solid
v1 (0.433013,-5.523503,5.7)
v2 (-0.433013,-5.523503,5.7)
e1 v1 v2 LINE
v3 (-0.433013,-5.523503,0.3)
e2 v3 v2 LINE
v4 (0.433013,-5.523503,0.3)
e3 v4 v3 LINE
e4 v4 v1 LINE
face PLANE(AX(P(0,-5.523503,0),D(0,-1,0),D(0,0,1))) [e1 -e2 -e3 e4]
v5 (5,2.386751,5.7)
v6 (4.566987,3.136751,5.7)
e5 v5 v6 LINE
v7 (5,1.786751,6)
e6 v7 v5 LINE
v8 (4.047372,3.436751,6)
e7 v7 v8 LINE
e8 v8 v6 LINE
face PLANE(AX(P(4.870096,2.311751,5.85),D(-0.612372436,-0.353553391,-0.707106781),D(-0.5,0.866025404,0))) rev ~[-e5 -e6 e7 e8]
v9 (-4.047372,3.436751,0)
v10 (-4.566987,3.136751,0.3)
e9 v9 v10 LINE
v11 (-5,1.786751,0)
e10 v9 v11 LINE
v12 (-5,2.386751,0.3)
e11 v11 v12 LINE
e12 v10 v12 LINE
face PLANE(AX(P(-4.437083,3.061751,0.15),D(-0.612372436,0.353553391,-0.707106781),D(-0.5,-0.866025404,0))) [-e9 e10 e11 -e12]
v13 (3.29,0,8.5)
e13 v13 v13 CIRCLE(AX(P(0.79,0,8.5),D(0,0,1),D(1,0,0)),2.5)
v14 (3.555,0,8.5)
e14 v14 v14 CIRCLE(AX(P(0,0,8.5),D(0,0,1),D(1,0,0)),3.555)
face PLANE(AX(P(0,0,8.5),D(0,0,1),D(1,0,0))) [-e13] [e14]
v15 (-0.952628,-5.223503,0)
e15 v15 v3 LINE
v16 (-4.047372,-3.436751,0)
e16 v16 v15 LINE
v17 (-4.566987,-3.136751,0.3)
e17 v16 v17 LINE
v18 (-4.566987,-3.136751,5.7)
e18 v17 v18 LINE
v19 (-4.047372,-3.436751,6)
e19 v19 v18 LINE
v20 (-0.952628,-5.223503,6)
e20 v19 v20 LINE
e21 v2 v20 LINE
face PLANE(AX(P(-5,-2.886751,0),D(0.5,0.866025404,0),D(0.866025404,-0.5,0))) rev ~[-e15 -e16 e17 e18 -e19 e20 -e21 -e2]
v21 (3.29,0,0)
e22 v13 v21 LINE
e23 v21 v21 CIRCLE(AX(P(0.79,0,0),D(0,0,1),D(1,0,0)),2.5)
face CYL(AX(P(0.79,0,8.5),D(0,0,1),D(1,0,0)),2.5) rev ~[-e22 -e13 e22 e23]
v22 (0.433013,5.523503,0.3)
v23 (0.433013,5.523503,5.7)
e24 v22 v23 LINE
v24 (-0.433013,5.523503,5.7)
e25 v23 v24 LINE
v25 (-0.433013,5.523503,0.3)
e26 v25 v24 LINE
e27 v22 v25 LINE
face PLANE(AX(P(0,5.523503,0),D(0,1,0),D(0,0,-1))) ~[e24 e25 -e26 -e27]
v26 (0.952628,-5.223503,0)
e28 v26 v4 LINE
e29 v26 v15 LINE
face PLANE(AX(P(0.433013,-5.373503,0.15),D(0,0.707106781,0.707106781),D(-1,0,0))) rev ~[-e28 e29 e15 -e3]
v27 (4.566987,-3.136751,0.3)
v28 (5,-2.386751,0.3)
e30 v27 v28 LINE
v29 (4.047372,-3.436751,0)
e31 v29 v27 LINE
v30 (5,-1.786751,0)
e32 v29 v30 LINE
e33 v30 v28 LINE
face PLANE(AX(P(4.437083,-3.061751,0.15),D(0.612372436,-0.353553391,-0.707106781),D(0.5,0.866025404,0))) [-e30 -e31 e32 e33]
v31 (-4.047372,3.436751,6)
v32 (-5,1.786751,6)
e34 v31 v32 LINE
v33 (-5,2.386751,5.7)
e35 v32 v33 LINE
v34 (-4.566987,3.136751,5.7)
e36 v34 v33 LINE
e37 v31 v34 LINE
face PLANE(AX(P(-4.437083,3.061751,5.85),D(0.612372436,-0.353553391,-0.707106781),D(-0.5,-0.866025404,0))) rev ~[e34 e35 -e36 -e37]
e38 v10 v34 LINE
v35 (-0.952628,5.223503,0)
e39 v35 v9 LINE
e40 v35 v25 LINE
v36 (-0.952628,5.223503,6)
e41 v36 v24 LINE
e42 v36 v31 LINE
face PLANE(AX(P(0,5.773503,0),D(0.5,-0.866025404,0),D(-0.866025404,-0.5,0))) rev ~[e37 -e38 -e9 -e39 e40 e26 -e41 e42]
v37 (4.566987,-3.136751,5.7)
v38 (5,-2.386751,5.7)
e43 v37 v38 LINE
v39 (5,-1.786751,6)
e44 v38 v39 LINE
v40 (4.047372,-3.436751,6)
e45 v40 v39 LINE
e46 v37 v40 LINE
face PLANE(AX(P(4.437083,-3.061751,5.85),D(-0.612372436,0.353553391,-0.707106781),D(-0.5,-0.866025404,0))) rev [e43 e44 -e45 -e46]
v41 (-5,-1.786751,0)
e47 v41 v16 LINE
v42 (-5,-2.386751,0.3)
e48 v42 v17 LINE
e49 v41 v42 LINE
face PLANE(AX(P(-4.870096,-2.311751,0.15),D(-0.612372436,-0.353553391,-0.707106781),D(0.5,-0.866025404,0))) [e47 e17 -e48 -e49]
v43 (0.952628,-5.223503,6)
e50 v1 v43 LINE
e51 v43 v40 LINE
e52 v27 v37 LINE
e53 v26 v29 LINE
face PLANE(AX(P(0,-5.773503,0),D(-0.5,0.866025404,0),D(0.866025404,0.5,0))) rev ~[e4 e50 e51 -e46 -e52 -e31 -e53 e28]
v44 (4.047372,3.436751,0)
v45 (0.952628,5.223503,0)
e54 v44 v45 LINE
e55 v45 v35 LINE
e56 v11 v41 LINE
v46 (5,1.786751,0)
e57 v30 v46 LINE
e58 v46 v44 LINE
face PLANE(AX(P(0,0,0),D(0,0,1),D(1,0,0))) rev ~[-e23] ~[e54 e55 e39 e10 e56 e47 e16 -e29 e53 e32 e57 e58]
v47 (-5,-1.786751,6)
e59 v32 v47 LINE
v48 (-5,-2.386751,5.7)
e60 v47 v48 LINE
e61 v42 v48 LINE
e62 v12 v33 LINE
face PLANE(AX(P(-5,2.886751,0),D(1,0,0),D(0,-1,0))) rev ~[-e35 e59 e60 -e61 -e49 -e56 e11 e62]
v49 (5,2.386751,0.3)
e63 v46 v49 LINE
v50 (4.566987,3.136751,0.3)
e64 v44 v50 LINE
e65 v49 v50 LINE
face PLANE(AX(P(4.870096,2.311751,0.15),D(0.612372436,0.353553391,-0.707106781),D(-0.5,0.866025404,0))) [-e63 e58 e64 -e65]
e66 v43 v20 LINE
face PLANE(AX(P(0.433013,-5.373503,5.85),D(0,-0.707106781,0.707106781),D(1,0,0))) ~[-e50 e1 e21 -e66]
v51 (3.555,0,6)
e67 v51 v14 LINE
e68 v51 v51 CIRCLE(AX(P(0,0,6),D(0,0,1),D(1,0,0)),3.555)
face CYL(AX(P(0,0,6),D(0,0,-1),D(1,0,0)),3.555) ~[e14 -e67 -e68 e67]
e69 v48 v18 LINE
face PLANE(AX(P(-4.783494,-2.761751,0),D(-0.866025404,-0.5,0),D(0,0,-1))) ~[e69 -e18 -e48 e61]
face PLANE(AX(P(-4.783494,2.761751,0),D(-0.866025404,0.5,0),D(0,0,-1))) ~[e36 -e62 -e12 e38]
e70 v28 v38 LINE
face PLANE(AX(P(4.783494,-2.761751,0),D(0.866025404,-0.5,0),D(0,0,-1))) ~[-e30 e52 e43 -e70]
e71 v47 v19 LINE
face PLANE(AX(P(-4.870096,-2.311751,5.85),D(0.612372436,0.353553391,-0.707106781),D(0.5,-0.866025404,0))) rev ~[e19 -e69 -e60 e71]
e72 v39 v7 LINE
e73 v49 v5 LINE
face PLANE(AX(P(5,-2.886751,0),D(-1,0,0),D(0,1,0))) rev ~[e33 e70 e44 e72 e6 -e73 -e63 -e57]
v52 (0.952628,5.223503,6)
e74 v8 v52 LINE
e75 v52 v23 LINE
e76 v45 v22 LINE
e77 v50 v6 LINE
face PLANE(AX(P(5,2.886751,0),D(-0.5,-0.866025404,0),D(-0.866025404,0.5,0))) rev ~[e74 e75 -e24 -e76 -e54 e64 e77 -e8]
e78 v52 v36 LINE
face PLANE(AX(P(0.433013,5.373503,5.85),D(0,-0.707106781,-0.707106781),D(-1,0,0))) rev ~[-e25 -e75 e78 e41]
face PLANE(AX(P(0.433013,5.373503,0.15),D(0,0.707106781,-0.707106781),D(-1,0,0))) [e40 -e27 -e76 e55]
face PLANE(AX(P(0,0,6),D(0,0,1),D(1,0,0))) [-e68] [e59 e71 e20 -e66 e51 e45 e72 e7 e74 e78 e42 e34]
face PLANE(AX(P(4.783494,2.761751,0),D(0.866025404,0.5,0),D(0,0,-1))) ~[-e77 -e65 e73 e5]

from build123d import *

# Parameters (mm, degrees)
F1_DEPTH = 6
F2_SIZE  = 0.5
F3_SIZE  = 0.3
F4_R     = 3.555
F5_DEPTH = 2.5
F6_R     = 2.5
F7_DEPTH = 8.501


with BuildPart() as f1:
    # F0 (on Top) → F1 (new body)
    with BuildSketch(Plane.XY):
        Polygon((0, -5.7735026919), (5, -2.8867513459), (5, 2.8867513459), (0, 5.7735026919), (-5, 2.8867513459), (-5, -2.8867513459), align=None)
    extrude(amount=F1_DEPTH)

    # F2
    f2_edges = [f1.edges().sort_by_distance(p)[0] for p in [
        (5, 2.886751, 3),
        (0, 5.773503, 3),
        (5, -2.886751, 3),
        (0, -5.773503, 3),
        (-5, -2.886751, 3),
        (-5, 2.886751, 3),
    ]]
    chamfer(f2_edges, length=F2_SIZE)

    # F3
    f3_edges = [f1.edges().sort_by_distance(p)[0] for p in [
        (4.783494, 2.761751, 6),
        (4.783494, -2.761751, 6),
        (0, 5.523503, 6),
        (-4.783494, 2.761751, 6),
        (-4.783494, -2.761751, 6),
        (0, -5.523503, 6),
        (-4.783494, -2.761751, 0),
        (0, -5.523503, 0),
        (4.783494, -2.761751, 0),
        (4.783494, 2.761751, 0),
        (0, 5.523503, 0),
        (-4.783494, 2.761751, 0),
    ]]
    chamfer(f3_edges, length=F3_SIZE)

    # F4 (on face) → F5 (join)
    with BuildSketch(Plane.XY.offset(6)):
        Circle(F4_R)
    extrude(amount=F5_DEPTH)

    # F6 (on face) → F7 (cut, through all)
    with BuildSketch(Plane.XY.offset(8.5)):
        with Locations((0.79, 0)):
            Circle(F6_R)
    extrude(amount=-F7_DEPTH, mode=Mode.SUBTRACT)


solid = f1.part
